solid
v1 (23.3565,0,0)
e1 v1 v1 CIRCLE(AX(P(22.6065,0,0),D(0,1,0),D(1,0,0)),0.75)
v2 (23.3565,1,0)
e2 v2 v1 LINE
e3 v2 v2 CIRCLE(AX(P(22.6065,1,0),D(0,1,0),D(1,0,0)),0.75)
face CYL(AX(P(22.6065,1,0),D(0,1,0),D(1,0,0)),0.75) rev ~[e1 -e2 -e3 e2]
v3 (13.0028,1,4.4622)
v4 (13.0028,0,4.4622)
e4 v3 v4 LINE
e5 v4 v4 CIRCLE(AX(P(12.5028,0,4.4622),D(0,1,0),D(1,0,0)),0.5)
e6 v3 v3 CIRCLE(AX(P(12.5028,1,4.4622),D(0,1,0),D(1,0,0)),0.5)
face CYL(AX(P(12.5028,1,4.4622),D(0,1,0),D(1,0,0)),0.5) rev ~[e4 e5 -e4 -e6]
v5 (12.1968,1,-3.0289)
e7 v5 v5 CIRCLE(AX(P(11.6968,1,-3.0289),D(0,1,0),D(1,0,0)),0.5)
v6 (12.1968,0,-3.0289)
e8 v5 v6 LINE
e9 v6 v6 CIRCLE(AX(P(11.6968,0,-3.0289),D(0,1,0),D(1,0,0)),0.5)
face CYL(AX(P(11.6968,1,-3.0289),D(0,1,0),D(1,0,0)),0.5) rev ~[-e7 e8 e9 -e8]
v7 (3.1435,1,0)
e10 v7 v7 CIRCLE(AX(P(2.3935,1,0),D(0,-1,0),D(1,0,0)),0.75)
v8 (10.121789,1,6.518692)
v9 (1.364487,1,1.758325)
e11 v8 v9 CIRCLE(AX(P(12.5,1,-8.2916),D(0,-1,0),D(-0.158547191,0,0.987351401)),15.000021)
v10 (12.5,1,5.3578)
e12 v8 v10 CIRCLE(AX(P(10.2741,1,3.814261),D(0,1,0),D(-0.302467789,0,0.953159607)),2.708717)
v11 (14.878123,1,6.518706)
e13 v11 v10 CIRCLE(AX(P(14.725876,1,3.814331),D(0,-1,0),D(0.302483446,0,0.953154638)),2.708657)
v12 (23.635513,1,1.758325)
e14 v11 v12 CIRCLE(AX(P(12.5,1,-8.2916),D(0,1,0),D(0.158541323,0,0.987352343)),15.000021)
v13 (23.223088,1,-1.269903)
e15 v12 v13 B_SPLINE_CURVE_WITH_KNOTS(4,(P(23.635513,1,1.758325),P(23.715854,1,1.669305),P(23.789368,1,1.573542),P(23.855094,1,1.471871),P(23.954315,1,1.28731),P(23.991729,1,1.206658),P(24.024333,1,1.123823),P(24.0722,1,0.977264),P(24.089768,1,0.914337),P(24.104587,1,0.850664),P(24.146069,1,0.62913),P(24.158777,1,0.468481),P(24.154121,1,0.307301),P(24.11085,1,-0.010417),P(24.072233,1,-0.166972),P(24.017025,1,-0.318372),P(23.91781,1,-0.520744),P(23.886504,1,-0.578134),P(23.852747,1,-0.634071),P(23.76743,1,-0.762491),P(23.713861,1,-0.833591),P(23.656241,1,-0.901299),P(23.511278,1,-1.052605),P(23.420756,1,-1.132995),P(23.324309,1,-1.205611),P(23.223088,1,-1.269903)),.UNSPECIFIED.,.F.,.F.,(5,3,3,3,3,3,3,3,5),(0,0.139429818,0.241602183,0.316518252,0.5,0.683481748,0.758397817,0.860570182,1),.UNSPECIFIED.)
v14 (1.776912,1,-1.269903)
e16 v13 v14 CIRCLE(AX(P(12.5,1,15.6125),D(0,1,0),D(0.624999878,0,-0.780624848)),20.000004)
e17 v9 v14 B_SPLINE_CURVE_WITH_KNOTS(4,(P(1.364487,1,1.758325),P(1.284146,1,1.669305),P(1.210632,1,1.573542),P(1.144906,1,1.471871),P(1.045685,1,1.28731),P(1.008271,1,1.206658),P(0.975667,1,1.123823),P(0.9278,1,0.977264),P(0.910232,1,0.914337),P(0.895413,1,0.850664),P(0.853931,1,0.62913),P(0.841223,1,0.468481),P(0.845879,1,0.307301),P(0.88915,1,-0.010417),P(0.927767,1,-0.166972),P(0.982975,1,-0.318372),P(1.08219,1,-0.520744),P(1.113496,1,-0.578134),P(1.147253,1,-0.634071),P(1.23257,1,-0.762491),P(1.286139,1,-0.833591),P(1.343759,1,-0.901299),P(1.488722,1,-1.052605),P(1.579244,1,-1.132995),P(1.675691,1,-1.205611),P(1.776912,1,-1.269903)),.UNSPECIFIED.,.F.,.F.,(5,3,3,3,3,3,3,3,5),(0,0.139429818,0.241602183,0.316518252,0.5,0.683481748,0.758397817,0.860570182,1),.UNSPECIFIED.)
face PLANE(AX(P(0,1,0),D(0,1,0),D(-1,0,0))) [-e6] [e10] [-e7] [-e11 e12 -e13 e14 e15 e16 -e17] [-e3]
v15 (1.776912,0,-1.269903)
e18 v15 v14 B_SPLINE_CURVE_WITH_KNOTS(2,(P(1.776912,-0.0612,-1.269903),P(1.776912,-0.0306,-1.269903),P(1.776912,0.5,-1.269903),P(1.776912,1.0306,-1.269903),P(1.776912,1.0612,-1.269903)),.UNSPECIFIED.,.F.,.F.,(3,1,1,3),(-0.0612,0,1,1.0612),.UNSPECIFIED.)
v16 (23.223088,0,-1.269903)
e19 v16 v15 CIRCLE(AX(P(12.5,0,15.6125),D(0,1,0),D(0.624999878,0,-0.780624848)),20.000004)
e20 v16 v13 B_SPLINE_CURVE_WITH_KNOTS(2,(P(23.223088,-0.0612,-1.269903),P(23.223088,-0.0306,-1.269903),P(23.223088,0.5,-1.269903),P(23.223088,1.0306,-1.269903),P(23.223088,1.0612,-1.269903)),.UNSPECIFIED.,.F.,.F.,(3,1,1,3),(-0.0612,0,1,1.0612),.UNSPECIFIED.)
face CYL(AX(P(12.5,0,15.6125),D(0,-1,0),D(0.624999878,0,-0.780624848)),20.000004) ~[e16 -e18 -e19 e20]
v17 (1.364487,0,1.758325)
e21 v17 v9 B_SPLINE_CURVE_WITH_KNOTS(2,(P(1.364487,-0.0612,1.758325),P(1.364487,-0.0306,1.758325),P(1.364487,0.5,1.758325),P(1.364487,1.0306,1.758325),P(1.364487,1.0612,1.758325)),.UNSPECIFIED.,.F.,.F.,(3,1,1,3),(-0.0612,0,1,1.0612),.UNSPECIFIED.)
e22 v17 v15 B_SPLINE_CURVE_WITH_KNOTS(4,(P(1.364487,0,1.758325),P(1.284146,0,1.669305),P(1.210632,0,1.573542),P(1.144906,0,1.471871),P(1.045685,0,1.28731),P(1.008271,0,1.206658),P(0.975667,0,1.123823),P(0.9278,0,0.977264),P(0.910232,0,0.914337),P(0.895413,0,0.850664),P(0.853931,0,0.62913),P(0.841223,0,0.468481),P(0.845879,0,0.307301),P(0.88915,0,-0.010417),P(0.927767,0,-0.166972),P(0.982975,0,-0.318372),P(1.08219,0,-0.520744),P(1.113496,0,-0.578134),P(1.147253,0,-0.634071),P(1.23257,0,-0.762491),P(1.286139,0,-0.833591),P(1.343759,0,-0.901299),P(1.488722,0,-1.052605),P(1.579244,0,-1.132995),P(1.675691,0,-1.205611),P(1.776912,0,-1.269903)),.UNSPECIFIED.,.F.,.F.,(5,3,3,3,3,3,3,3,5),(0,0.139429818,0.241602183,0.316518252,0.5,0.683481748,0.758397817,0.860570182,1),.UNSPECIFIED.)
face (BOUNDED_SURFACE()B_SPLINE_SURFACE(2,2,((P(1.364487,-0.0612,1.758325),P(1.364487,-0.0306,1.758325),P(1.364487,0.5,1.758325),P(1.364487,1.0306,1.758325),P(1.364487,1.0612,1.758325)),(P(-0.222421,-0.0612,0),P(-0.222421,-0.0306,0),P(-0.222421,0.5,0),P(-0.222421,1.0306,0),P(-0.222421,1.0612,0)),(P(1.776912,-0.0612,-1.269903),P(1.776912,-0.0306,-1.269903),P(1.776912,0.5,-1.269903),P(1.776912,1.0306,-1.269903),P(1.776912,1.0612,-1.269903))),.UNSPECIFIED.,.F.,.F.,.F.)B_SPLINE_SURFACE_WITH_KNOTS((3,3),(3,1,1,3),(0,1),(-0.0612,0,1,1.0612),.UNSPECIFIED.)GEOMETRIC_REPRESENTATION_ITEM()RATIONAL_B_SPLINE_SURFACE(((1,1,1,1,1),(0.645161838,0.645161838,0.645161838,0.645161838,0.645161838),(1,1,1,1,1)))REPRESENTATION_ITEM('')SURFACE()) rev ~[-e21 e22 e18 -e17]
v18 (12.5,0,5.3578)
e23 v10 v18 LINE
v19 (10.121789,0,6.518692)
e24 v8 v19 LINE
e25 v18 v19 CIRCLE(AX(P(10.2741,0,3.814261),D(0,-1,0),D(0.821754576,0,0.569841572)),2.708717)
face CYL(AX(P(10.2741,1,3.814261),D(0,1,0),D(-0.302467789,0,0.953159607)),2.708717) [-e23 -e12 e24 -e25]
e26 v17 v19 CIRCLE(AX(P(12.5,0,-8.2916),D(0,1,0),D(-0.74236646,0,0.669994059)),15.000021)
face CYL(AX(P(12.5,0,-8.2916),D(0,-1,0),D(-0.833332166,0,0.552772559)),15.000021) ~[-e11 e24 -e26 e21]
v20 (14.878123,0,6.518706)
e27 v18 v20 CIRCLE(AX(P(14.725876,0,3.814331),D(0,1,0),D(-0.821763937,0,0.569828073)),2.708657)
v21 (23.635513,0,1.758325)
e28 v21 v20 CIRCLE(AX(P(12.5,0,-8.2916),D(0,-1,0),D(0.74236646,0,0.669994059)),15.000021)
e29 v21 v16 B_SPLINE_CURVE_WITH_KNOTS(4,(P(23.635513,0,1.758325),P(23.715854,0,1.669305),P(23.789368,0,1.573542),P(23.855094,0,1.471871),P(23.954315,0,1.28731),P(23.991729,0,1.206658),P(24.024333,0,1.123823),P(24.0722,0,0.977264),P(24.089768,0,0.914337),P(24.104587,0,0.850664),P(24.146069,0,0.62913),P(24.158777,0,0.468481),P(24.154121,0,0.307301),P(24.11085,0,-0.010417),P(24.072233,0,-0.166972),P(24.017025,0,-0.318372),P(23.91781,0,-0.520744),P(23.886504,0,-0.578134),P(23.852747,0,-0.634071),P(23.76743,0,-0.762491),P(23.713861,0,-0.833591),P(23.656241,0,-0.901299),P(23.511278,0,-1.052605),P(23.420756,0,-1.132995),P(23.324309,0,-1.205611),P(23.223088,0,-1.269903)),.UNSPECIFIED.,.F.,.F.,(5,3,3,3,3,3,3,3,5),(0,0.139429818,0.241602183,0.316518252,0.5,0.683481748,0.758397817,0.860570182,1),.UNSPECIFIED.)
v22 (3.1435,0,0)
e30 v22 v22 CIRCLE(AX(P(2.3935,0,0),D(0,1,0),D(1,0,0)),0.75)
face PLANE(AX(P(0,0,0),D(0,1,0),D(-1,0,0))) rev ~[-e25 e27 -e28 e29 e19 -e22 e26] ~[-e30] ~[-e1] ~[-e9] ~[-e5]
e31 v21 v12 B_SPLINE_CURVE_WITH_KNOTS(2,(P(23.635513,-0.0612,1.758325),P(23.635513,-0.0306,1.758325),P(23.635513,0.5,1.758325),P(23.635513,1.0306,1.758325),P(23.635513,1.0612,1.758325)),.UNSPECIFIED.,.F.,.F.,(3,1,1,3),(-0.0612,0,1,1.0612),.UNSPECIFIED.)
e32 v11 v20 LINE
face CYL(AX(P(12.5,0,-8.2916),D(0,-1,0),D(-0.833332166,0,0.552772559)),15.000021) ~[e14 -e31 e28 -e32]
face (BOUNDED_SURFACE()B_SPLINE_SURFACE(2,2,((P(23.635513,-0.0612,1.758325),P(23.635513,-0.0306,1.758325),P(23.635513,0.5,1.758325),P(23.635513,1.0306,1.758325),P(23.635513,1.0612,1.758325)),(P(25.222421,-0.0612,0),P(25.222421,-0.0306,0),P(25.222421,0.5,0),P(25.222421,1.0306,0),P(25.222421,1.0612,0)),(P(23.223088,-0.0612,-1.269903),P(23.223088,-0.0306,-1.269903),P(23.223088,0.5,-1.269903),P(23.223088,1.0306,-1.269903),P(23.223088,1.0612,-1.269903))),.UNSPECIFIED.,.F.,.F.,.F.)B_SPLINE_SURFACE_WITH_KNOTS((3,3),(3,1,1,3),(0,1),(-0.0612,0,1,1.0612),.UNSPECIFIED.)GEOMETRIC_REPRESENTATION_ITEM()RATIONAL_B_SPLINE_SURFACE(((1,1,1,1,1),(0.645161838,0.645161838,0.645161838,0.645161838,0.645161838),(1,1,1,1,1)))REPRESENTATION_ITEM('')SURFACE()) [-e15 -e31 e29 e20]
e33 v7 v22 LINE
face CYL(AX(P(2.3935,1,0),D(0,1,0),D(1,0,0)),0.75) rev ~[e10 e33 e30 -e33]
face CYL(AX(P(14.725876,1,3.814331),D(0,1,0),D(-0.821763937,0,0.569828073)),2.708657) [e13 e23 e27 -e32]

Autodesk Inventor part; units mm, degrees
ref_plane "YZ Plane" through (0, 0, 0) normal (1, 0, 0) x (0, 1, 0)
ref_plane "XZ Plane" through (0, 0, 0) normal (0, 1, 0) x (-1, 0, 0)
ref_plane "XY Plane" through (0, 0, 0) normal (0, 0, 1) x (1, 0, 0)
sketch "Sketch1" plane through (0, 0, 0) normal (0, 1, 0) x (-1, 0, 0)
  arc A0 (-25, 0) -> (0, 0) centre (-12.5, 15.6125) ccw
  arc A1 (0, 0) -> (-25, 0) centre (-12.5, -8.2916) ccw
  dimension "d0" = 25
  dimension "d1" = 20
  dimension "d2" = 15
extrude "Extrusion1" add sketch "Sketch1" along normal blind 1
fillet "Fillet1" radius 2 2 edges at (25, 0.5, 0) (0, 0.5, 0)
sketch "Sketch2" plane through (0, 1, 0) normal (0, 1, 0) x (1, 0, 0)
  arc A0 (1.3645, -1.7583) -> (23.6355, -1.7583) centre (12.5, 8.2916) ccw projected
  arc A1 (1.3645, -1.7583) -> (23.6355, -1.7583) centre (12.5, 8.2916) ccw projected
  arc A2 (9.4548, -6.3961) -> (12.5, -5.3578) centre (10.2741, -3.8143) ccw
  arc A3 (12.5, -5.3578) -> (15.5452, -6.3961) centre (14.7259, -3.8143) ccw
  line L0 (9.4548, -6.3961) -> (10.705, -7.1711)
  line L1 (10.705, -7.1711) -> (14.8328, -7.2667)
  line L2 (14.8328, -7.2667) -> (15.5452, -6.3961)
  point P0 (0, 0)
extrude "Extrusion2" cut sketch "Sketch2" against normal blind 1 contours A2 A0 A3 L2 L1 L0 | A2 A3 A0
sketch "Sketch3" plane through (0, 1, 0) normal (0, 1, 0) x (1, 0, 0)
  arc A0 (1.7769, 1.2699) -> (1.3645, -1.7583) centre (2.8492, -0.4183) ccw projected
  line L0 (0.8935, 0) -> (2.3935, 0)
  arc A1 (23.6355, -1.7583) -> (23.2231, 1.2699) centre (22.1508, -0.4183) ccw projected
  line L1 (24.1065, 0) -> (22.6065, 0)
  circle A2 centre (2.3935, 0) radius 0.75
  circle A3 centre (22.6065, 0) radius 0.75
  circle A4 centre (11.6968, 3.0289) radius 0.5
  point P0 (0, 0)
  dimension "d10" = 1.5
  dimension "d11" = 1.5
  dimension "d12" = 1.5
  dimension "d13" = 1.5
  dimension "d14" = 1
extrude "Extrusion3" cut sketch "Sketch3" against normal blind 1
sketch "Sketch4" plane through (0, 1, 0) normal (0, 1, 0) x (1, 0, 0)
  circle A0 centre (12.5028, -4.4622) radius 0.5
  point P0 (0, 0)
  dimension "d17" = 1
extrude "Extrusion4" cut sketch "Sketch4" against normal blind 1
properties part number "nariz"
